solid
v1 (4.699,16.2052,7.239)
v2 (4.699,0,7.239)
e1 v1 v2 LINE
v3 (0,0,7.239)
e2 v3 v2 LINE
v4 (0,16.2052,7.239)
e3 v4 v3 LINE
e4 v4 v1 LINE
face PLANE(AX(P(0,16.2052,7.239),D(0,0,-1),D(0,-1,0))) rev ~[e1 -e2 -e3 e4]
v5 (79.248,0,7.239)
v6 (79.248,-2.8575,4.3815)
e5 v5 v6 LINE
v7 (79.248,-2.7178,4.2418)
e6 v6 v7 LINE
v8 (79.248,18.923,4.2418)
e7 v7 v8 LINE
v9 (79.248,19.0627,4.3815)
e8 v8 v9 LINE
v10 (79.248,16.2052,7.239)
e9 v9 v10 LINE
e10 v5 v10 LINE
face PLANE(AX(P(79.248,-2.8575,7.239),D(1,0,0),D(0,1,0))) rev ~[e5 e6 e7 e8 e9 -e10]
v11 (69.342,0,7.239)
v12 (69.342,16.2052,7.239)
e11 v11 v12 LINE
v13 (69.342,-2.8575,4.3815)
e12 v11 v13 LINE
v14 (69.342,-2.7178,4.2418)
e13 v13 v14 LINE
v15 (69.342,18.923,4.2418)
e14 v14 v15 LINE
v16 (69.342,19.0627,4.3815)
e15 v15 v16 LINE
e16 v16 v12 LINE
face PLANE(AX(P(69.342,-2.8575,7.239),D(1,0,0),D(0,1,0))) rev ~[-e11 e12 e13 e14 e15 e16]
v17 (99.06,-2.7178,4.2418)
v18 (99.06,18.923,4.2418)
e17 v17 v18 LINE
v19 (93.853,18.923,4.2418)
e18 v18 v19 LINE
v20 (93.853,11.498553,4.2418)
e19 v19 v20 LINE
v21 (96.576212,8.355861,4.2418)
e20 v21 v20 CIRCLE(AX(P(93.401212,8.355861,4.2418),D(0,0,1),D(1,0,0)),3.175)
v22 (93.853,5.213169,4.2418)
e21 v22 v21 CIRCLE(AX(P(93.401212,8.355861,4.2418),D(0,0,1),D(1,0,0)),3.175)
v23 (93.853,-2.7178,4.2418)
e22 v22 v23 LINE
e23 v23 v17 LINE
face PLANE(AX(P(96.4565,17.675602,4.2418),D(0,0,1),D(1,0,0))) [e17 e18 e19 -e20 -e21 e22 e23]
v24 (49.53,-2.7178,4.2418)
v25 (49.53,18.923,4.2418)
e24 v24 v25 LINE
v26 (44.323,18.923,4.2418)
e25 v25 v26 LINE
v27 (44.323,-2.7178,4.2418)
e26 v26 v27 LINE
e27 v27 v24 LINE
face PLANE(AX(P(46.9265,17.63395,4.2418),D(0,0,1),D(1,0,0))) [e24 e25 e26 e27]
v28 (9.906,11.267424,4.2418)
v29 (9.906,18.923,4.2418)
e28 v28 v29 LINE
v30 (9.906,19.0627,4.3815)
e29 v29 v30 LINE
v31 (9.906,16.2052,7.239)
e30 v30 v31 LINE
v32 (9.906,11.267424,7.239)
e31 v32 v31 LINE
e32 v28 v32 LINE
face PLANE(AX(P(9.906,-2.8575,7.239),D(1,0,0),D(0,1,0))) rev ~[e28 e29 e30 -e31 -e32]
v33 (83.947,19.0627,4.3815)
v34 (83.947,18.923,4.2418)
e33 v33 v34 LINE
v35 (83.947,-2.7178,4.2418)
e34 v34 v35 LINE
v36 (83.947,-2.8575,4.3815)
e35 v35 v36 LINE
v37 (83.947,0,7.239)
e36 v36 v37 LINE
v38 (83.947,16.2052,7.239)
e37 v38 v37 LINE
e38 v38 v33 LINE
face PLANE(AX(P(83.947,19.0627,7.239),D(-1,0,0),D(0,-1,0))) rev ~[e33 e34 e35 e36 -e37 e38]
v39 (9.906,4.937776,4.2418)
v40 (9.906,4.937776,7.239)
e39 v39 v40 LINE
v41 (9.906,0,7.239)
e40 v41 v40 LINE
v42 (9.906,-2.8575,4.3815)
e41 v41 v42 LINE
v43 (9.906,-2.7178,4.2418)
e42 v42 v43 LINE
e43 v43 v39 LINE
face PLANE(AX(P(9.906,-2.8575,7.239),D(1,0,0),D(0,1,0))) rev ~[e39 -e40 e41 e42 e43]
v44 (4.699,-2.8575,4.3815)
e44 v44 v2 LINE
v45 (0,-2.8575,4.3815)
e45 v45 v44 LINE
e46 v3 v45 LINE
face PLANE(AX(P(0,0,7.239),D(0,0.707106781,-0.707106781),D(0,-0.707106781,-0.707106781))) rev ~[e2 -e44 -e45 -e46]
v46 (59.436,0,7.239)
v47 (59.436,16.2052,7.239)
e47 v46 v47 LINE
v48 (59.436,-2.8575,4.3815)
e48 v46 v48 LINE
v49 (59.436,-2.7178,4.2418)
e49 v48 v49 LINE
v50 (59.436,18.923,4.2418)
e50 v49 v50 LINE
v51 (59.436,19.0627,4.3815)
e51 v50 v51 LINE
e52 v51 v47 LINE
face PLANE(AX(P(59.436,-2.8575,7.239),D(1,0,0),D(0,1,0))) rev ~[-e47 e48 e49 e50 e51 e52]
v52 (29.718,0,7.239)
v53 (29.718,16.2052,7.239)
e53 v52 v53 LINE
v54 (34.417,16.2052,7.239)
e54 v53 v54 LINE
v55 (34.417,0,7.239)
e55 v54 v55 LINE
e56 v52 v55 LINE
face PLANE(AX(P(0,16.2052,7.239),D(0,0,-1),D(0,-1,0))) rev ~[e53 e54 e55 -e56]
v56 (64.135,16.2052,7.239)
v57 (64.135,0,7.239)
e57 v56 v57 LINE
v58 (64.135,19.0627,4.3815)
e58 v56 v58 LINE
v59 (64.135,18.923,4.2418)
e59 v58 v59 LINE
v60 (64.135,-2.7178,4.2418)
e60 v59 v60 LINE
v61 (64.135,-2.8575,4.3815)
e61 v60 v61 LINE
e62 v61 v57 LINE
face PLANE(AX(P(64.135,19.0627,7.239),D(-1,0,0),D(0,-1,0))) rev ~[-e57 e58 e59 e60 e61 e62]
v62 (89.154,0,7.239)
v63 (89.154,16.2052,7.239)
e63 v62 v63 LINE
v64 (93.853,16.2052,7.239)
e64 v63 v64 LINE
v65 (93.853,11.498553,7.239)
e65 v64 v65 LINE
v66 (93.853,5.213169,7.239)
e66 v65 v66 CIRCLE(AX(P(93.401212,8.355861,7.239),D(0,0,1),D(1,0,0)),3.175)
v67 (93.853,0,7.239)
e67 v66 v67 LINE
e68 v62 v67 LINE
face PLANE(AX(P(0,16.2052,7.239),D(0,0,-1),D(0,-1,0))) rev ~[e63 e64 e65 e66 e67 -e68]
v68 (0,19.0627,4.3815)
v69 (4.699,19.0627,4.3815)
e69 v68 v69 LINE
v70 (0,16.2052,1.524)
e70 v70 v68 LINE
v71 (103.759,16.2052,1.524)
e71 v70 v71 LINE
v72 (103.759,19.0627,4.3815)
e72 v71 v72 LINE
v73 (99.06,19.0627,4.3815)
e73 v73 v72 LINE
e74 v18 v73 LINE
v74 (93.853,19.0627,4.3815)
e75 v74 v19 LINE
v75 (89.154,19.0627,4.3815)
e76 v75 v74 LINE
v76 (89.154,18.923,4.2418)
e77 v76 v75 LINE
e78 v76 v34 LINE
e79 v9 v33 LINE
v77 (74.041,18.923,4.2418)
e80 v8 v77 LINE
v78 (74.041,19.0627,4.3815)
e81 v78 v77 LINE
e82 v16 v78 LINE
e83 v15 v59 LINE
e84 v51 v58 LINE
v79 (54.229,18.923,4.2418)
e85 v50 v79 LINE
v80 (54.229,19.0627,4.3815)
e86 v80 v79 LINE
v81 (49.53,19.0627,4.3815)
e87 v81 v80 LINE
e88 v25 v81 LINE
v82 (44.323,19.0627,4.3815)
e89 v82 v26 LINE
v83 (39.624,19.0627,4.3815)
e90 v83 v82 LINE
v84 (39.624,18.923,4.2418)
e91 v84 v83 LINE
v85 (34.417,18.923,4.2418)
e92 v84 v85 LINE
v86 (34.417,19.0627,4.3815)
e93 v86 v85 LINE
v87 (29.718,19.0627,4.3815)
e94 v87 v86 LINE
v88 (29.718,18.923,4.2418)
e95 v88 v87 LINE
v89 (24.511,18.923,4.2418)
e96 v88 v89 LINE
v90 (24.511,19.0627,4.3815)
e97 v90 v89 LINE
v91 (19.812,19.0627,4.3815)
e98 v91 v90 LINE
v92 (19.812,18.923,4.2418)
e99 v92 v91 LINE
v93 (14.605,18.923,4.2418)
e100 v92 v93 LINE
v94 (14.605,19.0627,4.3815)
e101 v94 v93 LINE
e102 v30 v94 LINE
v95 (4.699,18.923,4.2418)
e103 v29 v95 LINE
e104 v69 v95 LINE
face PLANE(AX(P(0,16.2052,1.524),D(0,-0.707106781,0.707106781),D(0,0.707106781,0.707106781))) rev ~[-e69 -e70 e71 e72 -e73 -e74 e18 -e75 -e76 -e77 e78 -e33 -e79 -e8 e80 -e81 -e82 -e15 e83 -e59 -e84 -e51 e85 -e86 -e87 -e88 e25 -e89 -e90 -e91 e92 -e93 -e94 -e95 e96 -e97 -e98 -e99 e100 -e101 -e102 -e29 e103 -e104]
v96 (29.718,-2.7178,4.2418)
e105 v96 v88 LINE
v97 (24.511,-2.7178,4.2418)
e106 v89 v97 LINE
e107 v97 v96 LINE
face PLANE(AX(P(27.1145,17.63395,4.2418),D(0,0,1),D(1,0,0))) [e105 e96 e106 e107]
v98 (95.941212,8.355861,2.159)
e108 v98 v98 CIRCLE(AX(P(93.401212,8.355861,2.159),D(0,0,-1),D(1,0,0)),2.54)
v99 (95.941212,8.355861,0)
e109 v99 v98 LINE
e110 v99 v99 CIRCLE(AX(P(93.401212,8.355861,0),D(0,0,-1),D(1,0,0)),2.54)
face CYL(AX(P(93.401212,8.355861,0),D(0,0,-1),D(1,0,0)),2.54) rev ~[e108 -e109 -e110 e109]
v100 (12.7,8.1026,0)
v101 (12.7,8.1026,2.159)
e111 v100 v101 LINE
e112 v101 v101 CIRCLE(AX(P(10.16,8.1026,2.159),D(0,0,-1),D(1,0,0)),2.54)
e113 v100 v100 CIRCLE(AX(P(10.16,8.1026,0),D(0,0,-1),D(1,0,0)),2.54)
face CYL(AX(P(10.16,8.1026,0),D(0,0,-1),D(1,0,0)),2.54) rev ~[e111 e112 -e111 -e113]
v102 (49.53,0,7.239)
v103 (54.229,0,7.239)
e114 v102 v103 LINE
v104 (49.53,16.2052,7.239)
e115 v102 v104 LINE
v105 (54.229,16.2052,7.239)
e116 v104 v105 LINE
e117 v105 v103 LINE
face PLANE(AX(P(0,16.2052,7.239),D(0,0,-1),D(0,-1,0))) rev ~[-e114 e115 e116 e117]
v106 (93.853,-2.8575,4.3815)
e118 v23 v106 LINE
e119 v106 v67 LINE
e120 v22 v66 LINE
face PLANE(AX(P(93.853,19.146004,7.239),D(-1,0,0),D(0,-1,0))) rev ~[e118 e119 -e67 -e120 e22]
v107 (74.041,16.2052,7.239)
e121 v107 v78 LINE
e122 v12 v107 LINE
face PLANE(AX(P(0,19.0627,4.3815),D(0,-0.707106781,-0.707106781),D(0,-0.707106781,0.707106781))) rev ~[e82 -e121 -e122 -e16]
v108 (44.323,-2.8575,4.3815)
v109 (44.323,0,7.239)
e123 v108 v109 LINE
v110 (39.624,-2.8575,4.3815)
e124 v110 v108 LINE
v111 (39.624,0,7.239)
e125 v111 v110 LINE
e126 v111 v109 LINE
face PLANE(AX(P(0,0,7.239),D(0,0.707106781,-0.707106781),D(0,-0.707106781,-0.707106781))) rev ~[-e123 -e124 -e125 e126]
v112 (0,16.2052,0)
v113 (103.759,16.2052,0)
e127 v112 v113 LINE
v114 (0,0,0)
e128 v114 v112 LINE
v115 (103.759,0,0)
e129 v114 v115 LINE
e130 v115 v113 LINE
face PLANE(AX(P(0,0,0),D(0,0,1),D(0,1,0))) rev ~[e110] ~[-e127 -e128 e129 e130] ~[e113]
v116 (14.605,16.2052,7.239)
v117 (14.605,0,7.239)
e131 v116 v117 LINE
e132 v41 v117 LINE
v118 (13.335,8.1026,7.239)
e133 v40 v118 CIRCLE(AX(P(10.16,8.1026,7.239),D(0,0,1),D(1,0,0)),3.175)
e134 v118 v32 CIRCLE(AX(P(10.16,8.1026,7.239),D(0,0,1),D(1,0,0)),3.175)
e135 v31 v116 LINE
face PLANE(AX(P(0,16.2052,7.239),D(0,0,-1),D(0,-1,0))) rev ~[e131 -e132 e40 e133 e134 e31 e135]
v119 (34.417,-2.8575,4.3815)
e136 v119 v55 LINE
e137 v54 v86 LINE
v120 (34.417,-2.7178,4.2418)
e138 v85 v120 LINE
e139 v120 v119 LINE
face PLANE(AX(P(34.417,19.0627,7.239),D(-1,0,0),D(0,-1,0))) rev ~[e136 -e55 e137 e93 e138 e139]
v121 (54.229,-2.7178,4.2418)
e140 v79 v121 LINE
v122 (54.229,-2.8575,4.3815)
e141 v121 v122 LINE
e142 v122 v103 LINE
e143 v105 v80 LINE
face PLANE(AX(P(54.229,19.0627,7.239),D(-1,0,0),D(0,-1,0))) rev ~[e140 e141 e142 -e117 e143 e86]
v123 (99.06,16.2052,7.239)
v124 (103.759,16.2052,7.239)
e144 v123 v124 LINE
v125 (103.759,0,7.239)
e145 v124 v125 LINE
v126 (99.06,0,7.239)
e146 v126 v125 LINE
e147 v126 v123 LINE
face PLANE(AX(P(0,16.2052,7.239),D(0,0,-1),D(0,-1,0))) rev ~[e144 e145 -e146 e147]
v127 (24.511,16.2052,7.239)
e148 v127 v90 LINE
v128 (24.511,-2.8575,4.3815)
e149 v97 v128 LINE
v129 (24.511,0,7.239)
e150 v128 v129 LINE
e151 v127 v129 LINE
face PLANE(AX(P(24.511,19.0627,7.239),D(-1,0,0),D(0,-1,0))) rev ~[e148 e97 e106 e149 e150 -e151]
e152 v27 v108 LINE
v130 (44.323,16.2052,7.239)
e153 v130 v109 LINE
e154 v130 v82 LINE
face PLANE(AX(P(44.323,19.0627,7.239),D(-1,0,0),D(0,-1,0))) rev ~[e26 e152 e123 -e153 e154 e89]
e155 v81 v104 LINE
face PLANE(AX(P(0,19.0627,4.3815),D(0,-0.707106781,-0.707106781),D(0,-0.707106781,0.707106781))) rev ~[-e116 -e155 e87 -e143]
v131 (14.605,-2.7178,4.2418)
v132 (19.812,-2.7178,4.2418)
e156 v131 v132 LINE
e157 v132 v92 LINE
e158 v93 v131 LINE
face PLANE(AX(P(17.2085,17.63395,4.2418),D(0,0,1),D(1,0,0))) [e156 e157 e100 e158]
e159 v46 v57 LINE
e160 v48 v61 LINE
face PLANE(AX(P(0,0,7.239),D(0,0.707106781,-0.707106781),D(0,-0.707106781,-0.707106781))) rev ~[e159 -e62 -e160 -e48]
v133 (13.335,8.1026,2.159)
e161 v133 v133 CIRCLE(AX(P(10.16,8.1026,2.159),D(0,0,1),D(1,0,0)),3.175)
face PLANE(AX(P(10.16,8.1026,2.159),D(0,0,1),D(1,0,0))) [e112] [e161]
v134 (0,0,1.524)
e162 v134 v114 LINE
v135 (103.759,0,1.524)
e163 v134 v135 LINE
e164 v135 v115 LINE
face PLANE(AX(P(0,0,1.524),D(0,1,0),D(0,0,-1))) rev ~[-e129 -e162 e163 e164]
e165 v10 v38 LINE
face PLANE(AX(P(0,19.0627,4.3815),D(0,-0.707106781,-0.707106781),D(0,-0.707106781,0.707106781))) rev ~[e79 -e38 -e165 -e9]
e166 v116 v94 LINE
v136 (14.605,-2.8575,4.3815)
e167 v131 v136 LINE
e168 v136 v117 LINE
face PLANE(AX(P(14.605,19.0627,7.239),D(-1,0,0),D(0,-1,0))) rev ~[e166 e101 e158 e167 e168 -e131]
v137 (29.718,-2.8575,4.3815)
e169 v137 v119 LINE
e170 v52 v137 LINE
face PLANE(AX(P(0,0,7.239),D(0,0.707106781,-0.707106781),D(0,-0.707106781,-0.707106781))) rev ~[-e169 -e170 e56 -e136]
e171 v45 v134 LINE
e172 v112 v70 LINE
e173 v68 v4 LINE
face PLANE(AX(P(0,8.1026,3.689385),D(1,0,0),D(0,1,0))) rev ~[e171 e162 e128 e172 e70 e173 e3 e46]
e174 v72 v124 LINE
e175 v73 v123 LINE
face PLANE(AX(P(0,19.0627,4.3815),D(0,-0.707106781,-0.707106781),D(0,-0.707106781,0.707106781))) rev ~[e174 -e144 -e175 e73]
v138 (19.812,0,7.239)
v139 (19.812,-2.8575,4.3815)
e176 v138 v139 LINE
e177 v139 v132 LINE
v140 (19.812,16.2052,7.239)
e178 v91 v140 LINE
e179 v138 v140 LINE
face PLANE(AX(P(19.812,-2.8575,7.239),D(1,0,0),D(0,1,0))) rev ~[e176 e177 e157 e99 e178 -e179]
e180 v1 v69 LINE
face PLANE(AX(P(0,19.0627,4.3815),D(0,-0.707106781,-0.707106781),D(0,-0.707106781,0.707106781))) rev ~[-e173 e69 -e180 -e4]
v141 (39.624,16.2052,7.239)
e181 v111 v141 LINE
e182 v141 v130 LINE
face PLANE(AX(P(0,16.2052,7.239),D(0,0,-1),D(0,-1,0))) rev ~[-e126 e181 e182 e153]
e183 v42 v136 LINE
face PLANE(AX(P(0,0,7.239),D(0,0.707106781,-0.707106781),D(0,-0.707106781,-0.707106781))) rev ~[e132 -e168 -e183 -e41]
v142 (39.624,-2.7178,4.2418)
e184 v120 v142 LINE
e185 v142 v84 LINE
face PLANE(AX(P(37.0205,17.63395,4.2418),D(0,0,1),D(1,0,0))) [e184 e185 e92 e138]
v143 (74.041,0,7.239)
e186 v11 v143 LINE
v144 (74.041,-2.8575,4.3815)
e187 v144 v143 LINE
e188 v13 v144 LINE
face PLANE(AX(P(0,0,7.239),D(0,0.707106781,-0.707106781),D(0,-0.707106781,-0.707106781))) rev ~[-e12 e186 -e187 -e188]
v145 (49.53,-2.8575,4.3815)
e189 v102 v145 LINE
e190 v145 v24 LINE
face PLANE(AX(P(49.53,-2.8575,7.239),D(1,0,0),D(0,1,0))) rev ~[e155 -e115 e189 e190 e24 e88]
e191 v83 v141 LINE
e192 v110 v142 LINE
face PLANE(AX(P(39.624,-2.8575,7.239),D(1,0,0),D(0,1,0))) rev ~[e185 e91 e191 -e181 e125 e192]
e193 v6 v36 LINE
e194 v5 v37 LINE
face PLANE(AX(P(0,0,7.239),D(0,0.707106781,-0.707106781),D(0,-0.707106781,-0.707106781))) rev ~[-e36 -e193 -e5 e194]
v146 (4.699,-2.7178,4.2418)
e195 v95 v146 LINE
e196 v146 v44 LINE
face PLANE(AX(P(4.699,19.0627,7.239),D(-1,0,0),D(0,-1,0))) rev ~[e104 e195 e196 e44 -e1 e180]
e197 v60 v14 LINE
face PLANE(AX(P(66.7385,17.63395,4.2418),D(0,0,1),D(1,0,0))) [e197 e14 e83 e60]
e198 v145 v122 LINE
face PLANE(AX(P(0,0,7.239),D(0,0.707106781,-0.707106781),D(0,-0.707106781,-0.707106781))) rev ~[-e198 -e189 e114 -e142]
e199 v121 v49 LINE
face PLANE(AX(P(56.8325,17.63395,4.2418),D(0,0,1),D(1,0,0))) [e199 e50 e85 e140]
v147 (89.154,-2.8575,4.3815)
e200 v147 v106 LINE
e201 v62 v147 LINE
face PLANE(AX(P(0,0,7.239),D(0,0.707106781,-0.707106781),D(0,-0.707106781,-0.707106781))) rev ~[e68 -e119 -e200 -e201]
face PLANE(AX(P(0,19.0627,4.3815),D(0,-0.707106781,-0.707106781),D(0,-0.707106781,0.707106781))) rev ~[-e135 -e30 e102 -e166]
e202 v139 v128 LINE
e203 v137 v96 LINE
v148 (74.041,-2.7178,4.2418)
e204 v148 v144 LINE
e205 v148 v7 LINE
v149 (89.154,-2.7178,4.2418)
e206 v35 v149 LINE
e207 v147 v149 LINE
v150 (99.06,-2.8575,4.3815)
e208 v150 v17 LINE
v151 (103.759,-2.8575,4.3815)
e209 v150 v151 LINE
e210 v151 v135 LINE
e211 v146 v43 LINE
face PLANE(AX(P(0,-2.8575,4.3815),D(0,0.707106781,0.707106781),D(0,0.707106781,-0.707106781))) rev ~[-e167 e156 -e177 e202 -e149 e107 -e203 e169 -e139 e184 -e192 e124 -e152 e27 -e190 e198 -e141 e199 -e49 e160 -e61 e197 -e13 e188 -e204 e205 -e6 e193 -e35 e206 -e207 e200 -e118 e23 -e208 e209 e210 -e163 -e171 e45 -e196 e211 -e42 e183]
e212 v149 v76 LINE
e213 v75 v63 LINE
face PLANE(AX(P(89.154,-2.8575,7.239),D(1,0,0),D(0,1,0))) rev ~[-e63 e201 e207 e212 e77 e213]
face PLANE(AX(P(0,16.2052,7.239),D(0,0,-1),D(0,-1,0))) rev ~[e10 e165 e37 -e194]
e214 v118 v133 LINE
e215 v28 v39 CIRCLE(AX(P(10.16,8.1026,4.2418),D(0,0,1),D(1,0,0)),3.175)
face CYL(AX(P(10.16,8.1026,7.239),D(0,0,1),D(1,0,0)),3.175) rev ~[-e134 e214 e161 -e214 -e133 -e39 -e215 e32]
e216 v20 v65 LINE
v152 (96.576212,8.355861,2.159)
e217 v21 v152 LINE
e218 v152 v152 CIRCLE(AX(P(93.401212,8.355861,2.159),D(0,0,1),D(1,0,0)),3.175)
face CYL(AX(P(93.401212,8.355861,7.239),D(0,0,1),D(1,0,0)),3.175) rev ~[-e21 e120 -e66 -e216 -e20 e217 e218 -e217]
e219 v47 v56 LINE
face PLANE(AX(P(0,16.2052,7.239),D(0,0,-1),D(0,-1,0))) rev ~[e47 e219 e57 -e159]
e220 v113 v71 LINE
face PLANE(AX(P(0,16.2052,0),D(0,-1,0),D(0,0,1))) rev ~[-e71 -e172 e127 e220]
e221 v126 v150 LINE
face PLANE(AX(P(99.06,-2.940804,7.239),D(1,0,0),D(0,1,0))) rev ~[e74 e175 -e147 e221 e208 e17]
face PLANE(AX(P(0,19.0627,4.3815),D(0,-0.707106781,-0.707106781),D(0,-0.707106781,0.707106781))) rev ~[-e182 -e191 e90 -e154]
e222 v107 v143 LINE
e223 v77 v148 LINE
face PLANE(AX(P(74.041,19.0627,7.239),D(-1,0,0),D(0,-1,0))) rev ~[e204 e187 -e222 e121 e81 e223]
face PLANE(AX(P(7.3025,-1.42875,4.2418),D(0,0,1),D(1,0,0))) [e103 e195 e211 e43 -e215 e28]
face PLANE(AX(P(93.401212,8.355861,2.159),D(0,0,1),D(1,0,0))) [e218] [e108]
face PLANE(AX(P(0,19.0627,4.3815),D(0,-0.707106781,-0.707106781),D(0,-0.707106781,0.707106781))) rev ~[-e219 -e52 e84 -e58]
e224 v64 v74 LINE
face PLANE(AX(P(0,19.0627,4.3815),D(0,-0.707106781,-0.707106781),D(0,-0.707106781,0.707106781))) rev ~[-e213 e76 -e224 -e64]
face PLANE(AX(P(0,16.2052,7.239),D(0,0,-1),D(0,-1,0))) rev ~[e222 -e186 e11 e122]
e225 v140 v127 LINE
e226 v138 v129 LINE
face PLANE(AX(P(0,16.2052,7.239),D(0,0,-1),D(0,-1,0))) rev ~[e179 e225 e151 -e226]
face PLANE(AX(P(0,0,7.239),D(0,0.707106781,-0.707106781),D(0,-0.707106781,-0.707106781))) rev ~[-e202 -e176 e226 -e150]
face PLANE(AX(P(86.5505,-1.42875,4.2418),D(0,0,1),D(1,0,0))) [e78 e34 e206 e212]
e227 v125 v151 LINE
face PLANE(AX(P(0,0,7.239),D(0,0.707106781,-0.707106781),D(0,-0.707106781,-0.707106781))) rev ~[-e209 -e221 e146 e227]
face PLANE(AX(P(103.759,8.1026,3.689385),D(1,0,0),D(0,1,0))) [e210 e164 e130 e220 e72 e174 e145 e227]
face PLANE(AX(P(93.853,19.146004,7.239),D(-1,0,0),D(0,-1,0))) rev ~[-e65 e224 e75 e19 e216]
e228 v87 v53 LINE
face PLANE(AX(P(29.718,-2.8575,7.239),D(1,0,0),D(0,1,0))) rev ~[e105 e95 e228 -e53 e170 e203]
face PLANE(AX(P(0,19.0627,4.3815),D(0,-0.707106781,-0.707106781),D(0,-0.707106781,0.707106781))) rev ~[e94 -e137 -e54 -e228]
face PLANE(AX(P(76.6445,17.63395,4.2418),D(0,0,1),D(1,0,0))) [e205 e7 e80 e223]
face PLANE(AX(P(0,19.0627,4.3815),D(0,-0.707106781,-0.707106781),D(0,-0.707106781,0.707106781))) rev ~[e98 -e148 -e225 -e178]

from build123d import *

# Parameters (mm, degrees)
F1_DEPTH = 103.759
F2_W     = 5.207
F2_H     = 2.8575
F2_H_2   = 16.2052
F2_H_3   = 2.9408035447
F3_DEPTH = 2.9972
F4_R     = 2.54
F5_DEPTH = 7.239
F6_R     = 3.175
F7_DEPTH = 5.08


with BuildPart() as f1:
    # F0 (on Right) → F1 (new body)
    with BuildSketch(Plane.YZ):
        Polygon((0, 1.524), (0, 0), (16.2052, 0), (16.2052, 1.524), (19.0627, 4.3815), (16.2052, 7.239), (0, 7.239), (-2.8575, 4.3815), align=None)
    extrude(amount=F1_DEPTH)

    # F2 (on face) → F3 (cut)
    with BuildSketch(Plane.XY.offset(7.239)):
        with Locations((7.3025, -1.42875)):
            Rectangle(F2_W, F2_H)
        Polygon((4.699, 16.2052), (4.699, 8.1026), (4.699, 0), (9.906, 0), (9.906, 16.2052), align=None)
        with Locations((7.3025, 17.63395)):
            Rectangle(F2_W, F2_H)
        with Locations((17.2085, 17.63395)):
            Rectangle(F2_W, F2_H)
        with Locations((17.2085, 8.1026)):
            Rectangle(F2_W, F2_H_2)
        with Locations((17.2085, -1.42875)):
            Rectangle(F2_W, F2_H)
        with Locations((27.1145, 17.63395)):
            Rectangle(F2_W, F2_H)
        with Locations((27.1145, 8.1026)):
            Rectangle(F2_W, F2_H_2)
        with Locations((27.1145, -1.42875)):
            Rectangle(F2_W, F2_H)
        with Locations((37.0205, 17.63395)):
            Rectangle(F2_W, F2_H)
        with Locations((37.0205, 8.1026)):
            Rectangle(F2_W, F2_H_2)
        with Locations((37.0205, -1.42875)):
            Rectangle(F2_W, F2_H)
        with Locations((46.9265, 17.63395)):
            Rectangle(F2_W, F2_H)
        with Locations((46.9265, 8.1026)):
            Rectangle(F2_W, F2_H_2)
        with Locations((46.9265, -1.42875)):
            Rectangle(F2_W, F2_H)
        with Locations((56.8325, 17.63395)):
            Rectangle(F2_W, F2_H)
        with Locations((56.8325, 8.1026)):
            Rectangle(F2_W, F2_H_2)
        with Locations((56.8325, -1.42875)):
            Rectangle(F2_W, F2_H)
        with Locations((66.7385, 17.63395)):
            Rectangle(F2_W, F2_H)
        with Locations((66.7385, 8.1026)):
            Rectangle(F2_W, F2_H_2)
        with Locations((66.7385, -1.42875)):
            Rectangle(F2_W, F2_H)
        with Locations((76.6445, 17.63395)):
            Rectangle(F2_W, F2_H)
        with Locations((76.6445, 8.1026)):
            Rectangle(F2_W, F2_H_2)
        with Locations((76.6445, -1.42875)):
            Rectangle(F2_W, F2_H)
        with Locations((86.5505, -1.42875)):
            Rectangle(F2_W, F2_H)
        with Locations((86.5505, 8.1026)):
            Rectangle(F2_W, F2_H_2)
        with Locations((86.5505, 17.63395)):
            Rectangle(F2_W, F2_H)
        with Locations((96.4565, 17.6756017723)):
            Rectangle(F2_W, F2_H_3)
        with Locations((96.4565, 8.1026)):
            Rectangle(F2_W, F2_H_2)
        with Locations((96.4565, -1.4704017723)):
            Rectangle(F2_W, F2_H_3)
    extrude(amount=-F3_DEPTH, mode=Mode.SUBTRACT)

    # F4 (on face) → F5 (cut)
    with BuildSketch(Plane(origin=(0, 0, 0), x_dir=(1, 0, 0), z_dir=(0, 0, -1))):
        with Locations((93.4012121817, -8.3558605984)):
            Circle(F4_R)
        with Locations((10.16, -8.1026)):
            Circle(F4_R)
    extrude(amount=-F5_DEPTH, mode=Mode.SUBTRACT)

    # F6 (on face) → F7 (cut)
    with BuildSketch(Plane.XY.offset(7.239)):
        with Locations((93.4012121817, 8.3558605984)):
            Circle(F6_R)
        with Locations((10.16, 8.1026)):
            Circle(F6_R)
    extrude(amount=-F7_DEPTH, mode=Mode.SUBTRACT)


solid = f1.part
